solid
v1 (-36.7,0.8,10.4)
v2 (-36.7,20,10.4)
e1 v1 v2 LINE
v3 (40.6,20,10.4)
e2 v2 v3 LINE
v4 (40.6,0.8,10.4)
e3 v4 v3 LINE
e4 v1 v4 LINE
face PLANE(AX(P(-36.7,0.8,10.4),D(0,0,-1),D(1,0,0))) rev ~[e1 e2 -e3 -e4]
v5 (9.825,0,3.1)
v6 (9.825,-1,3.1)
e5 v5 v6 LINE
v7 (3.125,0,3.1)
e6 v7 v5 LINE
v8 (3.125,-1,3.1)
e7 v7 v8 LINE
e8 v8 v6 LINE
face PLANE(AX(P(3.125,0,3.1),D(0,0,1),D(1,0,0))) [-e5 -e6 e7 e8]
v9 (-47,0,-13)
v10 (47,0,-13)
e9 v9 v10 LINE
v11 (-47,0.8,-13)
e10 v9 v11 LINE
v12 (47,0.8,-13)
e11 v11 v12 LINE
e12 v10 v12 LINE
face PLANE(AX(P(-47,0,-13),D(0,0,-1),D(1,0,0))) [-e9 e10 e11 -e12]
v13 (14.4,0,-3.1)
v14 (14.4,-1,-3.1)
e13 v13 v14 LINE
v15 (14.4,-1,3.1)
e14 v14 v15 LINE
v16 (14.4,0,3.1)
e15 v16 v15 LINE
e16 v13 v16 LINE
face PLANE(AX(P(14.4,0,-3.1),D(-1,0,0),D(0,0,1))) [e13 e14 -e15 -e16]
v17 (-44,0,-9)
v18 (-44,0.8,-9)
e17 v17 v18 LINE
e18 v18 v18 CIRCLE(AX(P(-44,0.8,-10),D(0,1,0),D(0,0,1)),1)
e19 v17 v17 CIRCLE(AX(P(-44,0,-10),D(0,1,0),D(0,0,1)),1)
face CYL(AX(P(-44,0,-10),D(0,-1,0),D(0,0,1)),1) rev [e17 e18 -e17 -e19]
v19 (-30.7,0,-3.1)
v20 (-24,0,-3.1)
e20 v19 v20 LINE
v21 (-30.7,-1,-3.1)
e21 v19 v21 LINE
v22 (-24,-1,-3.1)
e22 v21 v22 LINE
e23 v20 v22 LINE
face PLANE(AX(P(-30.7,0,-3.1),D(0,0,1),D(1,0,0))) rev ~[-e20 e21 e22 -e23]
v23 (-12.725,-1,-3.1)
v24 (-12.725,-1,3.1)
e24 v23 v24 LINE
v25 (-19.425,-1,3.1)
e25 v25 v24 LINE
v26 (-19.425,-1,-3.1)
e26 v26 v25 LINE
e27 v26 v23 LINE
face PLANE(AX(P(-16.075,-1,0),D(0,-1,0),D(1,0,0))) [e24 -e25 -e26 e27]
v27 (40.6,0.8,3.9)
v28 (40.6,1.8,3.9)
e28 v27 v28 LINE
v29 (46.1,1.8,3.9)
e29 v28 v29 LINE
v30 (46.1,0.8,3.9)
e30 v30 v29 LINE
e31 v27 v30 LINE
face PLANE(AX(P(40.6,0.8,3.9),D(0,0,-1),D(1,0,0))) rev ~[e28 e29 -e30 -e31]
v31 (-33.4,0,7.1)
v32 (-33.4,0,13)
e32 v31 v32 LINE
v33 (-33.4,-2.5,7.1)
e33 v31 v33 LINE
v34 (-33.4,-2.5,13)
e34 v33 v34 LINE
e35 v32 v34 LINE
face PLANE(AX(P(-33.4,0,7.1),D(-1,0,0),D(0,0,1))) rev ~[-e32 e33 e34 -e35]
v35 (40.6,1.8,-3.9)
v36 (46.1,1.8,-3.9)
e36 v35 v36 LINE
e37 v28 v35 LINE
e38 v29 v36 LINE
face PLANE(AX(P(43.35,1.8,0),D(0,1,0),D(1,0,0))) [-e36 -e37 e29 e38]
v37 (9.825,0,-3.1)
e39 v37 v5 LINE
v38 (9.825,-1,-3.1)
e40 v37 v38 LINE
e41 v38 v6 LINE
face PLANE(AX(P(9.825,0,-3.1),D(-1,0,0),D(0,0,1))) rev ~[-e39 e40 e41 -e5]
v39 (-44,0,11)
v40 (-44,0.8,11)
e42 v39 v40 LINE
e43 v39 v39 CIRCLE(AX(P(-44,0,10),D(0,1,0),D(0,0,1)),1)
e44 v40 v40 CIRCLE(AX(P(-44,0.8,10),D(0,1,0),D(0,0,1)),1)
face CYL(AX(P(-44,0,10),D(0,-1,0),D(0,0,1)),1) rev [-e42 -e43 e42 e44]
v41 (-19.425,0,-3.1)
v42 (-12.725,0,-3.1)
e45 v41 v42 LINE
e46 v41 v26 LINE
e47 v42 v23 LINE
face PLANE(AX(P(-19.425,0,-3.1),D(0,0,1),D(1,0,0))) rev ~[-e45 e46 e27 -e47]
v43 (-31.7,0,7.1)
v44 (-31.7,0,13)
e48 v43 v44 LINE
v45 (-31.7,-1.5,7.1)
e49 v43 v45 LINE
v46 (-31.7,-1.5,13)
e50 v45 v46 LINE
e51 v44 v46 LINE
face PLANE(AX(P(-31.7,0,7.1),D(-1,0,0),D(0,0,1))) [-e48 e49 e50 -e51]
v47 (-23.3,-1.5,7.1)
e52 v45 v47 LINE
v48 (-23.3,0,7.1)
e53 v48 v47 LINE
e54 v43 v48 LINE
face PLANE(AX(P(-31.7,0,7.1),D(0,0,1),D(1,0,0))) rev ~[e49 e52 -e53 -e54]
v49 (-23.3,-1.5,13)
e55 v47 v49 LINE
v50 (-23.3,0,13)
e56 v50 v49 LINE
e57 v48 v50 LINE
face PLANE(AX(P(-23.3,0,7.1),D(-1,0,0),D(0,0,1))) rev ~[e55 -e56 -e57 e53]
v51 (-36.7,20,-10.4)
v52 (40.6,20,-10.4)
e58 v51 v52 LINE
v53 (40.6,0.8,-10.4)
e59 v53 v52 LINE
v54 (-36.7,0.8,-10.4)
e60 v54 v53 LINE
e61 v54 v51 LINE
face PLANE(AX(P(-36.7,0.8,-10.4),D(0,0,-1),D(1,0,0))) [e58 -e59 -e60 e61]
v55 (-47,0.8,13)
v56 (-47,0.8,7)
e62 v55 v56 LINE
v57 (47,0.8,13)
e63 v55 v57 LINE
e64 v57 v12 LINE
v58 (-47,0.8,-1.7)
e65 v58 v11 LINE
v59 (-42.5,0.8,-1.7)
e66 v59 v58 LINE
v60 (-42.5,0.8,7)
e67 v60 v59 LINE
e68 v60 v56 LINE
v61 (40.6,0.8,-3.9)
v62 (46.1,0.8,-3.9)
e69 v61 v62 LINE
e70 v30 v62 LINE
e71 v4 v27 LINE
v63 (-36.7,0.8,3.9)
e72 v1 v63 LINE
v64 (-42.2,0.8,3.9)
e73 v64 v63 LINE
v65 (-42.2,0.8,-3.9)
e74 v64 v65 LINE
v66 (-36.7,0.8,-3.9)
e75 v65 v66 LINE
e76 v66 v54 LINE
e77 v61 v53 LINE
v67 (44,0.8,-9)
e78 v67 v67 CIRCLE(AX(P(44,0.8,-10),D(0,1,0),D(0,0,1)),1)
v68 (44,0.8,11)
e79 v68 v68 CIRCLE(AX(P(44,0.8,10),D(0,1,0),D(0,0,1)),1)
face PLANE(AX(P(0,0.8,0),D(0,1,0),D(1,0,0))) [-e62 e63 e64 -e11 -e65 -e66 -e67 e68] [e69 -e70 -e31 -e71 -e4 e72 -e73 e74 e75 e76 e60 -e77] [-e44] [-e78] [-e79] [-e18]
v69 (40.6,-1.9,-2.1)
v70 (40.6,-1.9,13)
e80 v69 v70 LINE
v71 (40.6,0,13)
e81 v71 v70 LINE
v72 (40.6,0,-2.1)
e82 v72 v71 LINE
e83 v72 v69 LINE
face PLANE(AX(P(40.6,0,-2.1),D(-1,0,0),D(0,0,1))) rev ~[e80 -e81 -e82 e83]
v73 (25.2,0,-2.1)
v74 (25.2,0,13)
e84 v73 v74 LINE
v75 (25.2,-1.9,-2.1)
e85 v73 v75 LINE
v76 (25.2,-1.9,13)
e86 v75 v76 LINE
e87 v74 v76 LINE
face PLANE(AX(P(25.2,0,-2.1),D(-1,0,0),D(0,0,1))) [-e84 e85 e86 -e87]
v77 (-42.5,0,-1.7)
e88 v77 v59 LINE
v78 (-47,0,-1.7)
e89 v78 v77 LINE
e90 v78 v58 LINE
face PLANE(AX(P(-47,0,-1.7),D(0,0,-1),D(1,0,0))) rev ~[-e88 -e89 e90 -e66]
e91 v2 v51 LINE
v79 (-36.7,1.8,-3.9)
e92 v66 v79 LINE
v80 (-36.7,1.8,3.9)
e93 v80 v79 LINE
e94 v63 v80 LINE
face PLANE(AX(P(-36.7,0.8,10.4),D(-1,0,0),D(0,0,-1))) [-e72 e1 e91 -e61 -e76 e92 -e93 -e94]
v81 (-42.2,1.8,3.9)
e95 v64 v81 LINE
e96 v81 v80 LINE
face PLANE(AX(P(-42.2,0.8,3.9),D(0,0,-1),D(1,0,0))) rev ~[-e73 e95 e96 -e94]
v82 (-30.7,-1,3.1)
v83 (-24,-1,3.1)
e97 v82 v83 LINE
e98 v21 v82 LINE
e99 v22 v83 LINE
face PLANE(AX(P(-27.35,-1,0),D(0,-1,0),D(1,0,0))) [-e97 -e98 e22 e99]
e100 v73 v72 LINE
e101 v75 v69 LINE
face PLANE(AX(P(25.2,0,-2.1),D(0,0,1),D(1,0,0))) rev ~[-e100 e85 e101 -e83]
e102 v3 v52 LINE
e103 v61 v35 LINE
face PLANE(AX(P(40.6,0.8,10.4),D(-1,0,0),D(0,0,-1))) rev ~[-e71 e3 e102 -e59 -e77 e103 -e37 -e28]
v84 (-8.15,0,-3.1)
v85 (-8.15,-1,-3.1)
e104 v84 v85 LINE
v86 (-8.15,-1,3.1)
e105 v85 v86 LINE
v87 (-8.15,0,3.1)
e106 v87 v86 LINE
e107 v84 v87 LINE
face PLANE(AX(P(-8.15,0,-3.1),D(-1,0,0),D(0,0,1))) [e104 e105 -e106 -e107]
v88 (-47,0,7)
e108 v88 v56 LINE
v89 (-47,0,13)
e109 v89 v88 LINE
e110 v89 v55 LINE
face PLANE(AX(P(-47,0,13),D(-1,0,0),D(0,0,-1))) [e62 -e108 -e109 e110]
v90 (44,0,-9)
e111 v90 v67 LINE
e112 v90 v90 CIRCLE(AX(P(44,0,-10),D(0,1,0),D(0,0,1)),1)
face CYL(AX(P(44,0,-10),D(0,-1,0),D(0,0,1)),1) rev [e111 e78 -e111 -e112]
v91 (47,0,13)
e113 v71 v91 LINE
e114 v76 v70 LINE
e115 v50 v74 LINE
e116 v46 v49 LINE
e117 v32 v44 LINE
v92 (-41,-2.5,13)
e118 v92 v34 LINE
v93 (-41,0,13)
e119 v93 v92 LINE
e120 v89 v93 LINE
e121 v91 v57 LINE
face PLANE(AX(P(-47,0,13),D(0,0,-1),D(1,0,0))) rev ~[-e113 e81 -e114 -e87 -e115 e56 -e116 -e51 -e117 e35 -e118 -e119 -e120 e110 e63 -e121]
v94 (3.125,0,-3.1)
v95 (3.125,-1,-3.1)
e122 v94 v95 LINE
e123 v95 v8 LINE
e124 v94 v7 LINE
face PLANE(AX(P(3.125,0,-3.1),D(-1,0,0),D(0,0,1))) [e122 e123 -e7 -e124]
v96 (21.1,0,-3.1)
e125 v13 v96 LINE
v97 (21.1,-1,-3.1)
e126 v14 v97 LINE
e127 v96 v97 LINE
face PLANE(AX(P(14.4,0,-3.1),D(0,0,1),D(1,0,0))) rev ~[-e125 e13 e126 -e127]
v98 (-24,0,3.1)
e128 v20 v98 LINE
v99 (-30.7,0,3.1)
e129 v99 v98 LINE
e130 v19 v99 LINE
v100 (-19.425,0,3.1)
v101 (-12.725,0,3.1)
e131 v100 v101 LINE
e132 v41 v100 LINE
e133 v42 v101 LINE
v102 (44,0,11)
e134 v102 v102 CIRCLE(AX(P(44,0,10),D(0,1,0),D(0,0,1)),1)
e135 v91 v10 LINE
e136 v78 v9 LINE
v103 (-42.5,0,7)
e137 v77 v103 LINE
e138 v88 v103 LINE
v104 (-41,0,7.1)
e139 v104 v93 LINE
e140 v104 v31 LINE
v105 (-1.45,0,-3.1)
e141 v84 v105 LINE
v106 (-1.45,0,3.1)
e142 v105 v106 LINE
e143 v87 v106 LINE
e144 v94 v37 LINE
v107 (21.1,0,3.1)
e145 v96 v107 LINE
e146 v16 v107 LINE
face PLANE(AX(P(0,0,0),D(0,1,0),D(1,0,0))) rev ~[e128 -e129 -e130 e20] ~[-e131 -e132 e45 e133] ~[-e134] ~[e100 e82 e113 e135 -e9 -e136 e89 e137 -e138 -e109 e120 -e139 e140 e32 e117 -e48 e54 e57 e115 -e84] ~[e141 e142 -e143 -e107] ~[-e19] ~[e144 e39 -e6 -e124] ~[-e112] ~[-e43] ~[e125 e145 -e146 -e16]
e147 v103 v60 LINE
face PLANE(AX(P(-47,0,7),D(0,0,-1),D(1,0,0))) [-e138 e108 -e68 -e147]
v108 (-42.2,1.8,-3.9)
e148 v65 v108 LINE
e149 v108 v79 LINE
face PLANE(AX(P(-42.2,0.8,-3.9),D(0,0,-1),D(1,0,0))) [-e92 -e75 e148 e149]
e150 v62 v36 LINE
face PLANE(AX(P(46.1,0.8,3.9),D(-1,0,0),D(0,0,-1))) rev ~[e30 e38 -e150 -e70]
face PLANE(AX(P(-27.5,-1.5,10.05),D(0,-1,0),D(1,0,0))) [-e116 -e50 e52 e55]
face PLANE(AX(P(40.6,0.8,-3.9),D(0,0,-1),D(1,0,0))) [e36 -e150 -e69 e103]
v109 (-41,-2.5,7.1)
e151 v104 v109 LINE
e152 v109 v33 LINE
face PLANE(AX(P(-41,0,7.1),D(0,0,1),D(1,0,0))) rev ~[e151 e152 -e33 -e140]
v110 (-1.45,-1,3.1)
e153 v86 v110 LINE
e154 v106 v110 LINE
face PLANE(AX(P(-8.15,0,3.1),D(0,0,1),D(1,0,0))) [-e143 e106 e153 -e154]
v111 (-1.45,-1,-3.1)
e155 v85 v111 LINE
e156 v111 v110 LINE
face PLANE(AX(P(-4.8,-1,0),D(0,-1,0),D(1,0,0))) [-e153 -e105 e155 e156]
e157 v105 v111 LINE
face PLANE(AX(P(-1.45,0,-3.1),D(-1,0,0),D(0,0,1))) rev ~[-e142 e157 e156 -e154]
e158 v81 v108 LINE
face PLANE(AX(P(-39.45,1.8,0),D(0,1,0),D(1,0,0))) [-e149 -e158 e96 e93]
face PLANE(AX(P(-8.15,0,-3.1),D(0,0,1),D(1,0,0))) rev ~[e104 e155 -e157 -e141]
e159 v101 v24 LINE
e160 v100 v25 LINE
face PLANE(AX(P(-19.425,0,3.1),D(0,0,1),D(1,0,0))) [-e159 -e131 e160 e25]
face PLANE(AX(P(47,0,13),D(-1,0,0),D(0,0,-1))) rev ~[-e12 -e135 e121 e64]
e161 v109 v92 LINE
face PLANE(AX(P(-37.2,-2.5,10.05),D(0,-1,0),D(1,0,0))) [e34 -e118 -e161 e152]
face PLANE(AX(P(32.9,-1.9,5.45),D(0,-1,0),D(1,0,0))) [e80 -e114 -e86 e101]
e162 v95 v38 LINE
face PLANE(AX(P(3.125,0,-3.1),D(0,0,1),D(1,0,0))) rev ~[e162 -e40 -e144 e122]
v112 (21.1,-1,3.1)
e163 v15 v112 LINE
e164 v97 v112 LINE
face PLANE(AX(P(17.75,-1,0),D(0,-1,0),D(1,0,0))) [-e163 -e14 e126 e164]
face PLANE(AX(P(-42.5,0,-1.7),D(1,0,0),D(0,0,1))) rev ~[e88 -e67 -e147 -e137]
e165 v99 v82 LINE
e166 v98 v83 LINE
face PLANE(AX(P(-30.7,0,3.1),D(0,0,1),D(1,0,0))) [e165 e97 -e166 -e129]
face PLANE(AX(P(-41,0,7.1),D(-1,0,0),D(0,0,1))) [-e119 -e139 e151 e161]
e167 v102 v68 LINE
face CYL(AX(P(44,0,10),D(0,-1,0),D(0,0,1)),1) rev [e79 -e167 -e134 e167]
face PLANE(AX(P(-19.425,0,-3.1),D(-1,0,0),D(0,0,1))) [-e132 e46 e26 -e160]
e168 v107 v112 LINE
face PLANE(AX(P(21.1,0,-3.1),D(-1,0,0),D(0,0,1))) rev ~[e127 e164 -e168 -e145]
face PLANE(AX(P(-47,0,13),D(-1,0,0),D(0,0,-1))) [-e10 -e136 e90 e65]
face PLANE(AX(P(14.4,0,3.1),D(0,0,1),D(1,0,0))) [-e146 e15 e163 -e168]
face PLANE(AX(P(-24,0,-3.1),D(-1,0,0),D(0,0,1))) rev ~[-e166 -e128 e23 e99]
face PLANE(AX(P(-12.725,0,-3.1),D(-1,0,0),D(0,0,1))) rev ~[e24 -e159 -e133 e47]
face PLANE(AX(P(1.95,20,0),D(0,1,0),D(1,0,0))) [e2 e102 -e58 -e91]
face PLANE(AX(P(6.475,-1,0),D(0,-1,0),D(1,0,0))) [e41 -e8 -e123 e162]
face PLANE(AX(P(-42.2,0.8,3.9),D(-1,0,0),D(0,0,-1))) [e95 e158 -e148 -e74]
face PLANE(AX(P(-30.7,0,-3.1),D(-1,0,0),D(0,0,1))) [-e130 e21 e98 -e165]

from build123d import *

# Parameters (mm, degrees)
SKETCH_1_W          = 94
SKETCH_1_H          = 26
SKETCH_1_R          = 1
EXTRUDE_1_DEPTH     = 0.8
SKETCH_2_W          = 5.5
SKETCH_2_H          = 7.8
EXTRUDE_2_DEPTH     = 1
SKETCH_2_3_W        = 77.3
SKETCH_2_3_H        = 20.8
EXTRUDE_3_DEPTH     = 19.2
SKETCH_3_W          = 15.4
SKETCH_3_H          = 15.1
EXTRUDE_4_DEPTH     = 1.9
SKETCH_3_3_W        = 6.7
SKETCH_3_3_H        = 6.2
EXTRUDE_5_DEPTH     = 1
SKETCH_3_4_W        = 8.4
SKETCH_3_4_H        = 5.9
EXTRUDE_6_DEPTH     = 1.5
SKETCH_3_5_W        = 7.6
SKETCH_3_5_H        = 5.9
EXTRUDE_7_DEPTH     = 2.5
SKETCH_3_6_W        = 4.5
SKETCH_3_6_H        = 8.7
CUT_EXTRUDE_1_DEPTH = 53.706735812


with BuildPart() as part:
    # 草图1 → 凸台-拉伸1 (new body)
    with BuildSketch(Plane(origin=(0, 0, 0), x_dir=(1, 0, 0), z_dir=(0, 1, 0))):
        Rectangle(SKETCH_1_W, SKETCH_1_H)
        with Locations((-44, 10)):
            Circle(SKETCH_1_R, mode=Mode.SUBTRACT)
        with Locations((-44, -10)):
            Circle(SKETCH_1_R, mode=Mode.SUBTRACT)
        with Locations((44, 10)):
            Circle(SKETCH_1_R, mode=Mode.SUBTRACT)
        with Locations((44, -10)):
            Circle(SKETCH_1_R, mode=Mode.SUBTRACT)
    extrude(amount=EXTRUDE_1_DEPTH)

    # 草图2 → 凸台-拉伸2 (add)
    with BuildSketch(Plane(origin=(0, 0.8, 0), x_dir=(1, 0, 0), z_dir=(0, 1, 0))):
        with Locations((-39.45, 0)):
            Rectangle(SKETCH_2_W, SKETCH_2_H)
        with Locations((43.35, 0)):
            Rectangle(SKETCH_2_W, SKETCH_2_H)
    extrude(amount=EXTRUDE_2_DEPTH)

    # 草图2<3> → 凸台-拉伸3 (add)
    with BuildSketch(Plane(origin=(0, 0.8, 0), x_dir=(1, 0, 0), z_dir=(0, 1, 0))):
        with Locations((1.95, 0)):
            Rectangle(SKETCH_2_3_W, SKETCH_2_3_H)
    extrude(amount=EXTRUDE_3_DEPTH)

    # 草图3 → 凸台-拉伸4 (add)
    with BuildSketch(Plane.XZ):
        with Locations((32.9, 5.45)):
            Rectangle(SKETCH_3_W, SKETCH_3_H)
    extrude(amount=EXTRUDE_4_DEPTH)

    # 草图3<3> → 凸台-拉伸5 (add)
    with BuildSketch(Plane.XZ):
        with Locations((-27.35, 0)):
            Rectangle(SKETCH_3_3_W, SKETCH_3_3_H)
        with Locations((-16.075, 0)):
            Rectangle(SKETCH_3_3_W, SKETCH_3_3_H)
        with Locations((-4.8, 0)):
            Rectangle(SKETCH_3_3_W, SKETCH_3_3_H)
        with Locations((6.475, 0)):
            Rectangle(SKETCH_3_3_W, SKETCH_3_3_H)
        with Locations((17.75, 0)):
            Rectangle(SKETCH_3_3_W, SKETCH_3_3_H)
    extrude(amount=EXTRUDE_5_DEPTH)

    # 草图3<4> → 凸台-拉伸6 (add)
    with BuildSketch(Plane.XZ):
        with Locations((-27.5, 10.05)):
            Rectangle(SKETCH_3_4_W, SKETCH_3_4_H)
    extrude(amount=EXTRUDE_6_DEPTH)

    # 草图3<5> → 凸台-拉伸7 (add)
    with BuildSketch(Plane.XZ):
        with Locations((-37.2, 10.05)):
            Rectangle(SKETCH_3_5_W, SKETCH_3_5_H)
    extrude(amount=EXTRUDE_7_DEPTH)

    # 草图3<6> → 切除-拉伸1 (cut, through all)
    with BuildSketch(Plane.XZ):
        with Locations((-44.75, 2.65)):
            Rectangle(SKETCH_3_6_W, SKETCH_3_6_H)
    extrude(amount=-CUT_EXTRUDE_1_DEPTH, mode=Mode.SUBTRACT)


solid = part.part
